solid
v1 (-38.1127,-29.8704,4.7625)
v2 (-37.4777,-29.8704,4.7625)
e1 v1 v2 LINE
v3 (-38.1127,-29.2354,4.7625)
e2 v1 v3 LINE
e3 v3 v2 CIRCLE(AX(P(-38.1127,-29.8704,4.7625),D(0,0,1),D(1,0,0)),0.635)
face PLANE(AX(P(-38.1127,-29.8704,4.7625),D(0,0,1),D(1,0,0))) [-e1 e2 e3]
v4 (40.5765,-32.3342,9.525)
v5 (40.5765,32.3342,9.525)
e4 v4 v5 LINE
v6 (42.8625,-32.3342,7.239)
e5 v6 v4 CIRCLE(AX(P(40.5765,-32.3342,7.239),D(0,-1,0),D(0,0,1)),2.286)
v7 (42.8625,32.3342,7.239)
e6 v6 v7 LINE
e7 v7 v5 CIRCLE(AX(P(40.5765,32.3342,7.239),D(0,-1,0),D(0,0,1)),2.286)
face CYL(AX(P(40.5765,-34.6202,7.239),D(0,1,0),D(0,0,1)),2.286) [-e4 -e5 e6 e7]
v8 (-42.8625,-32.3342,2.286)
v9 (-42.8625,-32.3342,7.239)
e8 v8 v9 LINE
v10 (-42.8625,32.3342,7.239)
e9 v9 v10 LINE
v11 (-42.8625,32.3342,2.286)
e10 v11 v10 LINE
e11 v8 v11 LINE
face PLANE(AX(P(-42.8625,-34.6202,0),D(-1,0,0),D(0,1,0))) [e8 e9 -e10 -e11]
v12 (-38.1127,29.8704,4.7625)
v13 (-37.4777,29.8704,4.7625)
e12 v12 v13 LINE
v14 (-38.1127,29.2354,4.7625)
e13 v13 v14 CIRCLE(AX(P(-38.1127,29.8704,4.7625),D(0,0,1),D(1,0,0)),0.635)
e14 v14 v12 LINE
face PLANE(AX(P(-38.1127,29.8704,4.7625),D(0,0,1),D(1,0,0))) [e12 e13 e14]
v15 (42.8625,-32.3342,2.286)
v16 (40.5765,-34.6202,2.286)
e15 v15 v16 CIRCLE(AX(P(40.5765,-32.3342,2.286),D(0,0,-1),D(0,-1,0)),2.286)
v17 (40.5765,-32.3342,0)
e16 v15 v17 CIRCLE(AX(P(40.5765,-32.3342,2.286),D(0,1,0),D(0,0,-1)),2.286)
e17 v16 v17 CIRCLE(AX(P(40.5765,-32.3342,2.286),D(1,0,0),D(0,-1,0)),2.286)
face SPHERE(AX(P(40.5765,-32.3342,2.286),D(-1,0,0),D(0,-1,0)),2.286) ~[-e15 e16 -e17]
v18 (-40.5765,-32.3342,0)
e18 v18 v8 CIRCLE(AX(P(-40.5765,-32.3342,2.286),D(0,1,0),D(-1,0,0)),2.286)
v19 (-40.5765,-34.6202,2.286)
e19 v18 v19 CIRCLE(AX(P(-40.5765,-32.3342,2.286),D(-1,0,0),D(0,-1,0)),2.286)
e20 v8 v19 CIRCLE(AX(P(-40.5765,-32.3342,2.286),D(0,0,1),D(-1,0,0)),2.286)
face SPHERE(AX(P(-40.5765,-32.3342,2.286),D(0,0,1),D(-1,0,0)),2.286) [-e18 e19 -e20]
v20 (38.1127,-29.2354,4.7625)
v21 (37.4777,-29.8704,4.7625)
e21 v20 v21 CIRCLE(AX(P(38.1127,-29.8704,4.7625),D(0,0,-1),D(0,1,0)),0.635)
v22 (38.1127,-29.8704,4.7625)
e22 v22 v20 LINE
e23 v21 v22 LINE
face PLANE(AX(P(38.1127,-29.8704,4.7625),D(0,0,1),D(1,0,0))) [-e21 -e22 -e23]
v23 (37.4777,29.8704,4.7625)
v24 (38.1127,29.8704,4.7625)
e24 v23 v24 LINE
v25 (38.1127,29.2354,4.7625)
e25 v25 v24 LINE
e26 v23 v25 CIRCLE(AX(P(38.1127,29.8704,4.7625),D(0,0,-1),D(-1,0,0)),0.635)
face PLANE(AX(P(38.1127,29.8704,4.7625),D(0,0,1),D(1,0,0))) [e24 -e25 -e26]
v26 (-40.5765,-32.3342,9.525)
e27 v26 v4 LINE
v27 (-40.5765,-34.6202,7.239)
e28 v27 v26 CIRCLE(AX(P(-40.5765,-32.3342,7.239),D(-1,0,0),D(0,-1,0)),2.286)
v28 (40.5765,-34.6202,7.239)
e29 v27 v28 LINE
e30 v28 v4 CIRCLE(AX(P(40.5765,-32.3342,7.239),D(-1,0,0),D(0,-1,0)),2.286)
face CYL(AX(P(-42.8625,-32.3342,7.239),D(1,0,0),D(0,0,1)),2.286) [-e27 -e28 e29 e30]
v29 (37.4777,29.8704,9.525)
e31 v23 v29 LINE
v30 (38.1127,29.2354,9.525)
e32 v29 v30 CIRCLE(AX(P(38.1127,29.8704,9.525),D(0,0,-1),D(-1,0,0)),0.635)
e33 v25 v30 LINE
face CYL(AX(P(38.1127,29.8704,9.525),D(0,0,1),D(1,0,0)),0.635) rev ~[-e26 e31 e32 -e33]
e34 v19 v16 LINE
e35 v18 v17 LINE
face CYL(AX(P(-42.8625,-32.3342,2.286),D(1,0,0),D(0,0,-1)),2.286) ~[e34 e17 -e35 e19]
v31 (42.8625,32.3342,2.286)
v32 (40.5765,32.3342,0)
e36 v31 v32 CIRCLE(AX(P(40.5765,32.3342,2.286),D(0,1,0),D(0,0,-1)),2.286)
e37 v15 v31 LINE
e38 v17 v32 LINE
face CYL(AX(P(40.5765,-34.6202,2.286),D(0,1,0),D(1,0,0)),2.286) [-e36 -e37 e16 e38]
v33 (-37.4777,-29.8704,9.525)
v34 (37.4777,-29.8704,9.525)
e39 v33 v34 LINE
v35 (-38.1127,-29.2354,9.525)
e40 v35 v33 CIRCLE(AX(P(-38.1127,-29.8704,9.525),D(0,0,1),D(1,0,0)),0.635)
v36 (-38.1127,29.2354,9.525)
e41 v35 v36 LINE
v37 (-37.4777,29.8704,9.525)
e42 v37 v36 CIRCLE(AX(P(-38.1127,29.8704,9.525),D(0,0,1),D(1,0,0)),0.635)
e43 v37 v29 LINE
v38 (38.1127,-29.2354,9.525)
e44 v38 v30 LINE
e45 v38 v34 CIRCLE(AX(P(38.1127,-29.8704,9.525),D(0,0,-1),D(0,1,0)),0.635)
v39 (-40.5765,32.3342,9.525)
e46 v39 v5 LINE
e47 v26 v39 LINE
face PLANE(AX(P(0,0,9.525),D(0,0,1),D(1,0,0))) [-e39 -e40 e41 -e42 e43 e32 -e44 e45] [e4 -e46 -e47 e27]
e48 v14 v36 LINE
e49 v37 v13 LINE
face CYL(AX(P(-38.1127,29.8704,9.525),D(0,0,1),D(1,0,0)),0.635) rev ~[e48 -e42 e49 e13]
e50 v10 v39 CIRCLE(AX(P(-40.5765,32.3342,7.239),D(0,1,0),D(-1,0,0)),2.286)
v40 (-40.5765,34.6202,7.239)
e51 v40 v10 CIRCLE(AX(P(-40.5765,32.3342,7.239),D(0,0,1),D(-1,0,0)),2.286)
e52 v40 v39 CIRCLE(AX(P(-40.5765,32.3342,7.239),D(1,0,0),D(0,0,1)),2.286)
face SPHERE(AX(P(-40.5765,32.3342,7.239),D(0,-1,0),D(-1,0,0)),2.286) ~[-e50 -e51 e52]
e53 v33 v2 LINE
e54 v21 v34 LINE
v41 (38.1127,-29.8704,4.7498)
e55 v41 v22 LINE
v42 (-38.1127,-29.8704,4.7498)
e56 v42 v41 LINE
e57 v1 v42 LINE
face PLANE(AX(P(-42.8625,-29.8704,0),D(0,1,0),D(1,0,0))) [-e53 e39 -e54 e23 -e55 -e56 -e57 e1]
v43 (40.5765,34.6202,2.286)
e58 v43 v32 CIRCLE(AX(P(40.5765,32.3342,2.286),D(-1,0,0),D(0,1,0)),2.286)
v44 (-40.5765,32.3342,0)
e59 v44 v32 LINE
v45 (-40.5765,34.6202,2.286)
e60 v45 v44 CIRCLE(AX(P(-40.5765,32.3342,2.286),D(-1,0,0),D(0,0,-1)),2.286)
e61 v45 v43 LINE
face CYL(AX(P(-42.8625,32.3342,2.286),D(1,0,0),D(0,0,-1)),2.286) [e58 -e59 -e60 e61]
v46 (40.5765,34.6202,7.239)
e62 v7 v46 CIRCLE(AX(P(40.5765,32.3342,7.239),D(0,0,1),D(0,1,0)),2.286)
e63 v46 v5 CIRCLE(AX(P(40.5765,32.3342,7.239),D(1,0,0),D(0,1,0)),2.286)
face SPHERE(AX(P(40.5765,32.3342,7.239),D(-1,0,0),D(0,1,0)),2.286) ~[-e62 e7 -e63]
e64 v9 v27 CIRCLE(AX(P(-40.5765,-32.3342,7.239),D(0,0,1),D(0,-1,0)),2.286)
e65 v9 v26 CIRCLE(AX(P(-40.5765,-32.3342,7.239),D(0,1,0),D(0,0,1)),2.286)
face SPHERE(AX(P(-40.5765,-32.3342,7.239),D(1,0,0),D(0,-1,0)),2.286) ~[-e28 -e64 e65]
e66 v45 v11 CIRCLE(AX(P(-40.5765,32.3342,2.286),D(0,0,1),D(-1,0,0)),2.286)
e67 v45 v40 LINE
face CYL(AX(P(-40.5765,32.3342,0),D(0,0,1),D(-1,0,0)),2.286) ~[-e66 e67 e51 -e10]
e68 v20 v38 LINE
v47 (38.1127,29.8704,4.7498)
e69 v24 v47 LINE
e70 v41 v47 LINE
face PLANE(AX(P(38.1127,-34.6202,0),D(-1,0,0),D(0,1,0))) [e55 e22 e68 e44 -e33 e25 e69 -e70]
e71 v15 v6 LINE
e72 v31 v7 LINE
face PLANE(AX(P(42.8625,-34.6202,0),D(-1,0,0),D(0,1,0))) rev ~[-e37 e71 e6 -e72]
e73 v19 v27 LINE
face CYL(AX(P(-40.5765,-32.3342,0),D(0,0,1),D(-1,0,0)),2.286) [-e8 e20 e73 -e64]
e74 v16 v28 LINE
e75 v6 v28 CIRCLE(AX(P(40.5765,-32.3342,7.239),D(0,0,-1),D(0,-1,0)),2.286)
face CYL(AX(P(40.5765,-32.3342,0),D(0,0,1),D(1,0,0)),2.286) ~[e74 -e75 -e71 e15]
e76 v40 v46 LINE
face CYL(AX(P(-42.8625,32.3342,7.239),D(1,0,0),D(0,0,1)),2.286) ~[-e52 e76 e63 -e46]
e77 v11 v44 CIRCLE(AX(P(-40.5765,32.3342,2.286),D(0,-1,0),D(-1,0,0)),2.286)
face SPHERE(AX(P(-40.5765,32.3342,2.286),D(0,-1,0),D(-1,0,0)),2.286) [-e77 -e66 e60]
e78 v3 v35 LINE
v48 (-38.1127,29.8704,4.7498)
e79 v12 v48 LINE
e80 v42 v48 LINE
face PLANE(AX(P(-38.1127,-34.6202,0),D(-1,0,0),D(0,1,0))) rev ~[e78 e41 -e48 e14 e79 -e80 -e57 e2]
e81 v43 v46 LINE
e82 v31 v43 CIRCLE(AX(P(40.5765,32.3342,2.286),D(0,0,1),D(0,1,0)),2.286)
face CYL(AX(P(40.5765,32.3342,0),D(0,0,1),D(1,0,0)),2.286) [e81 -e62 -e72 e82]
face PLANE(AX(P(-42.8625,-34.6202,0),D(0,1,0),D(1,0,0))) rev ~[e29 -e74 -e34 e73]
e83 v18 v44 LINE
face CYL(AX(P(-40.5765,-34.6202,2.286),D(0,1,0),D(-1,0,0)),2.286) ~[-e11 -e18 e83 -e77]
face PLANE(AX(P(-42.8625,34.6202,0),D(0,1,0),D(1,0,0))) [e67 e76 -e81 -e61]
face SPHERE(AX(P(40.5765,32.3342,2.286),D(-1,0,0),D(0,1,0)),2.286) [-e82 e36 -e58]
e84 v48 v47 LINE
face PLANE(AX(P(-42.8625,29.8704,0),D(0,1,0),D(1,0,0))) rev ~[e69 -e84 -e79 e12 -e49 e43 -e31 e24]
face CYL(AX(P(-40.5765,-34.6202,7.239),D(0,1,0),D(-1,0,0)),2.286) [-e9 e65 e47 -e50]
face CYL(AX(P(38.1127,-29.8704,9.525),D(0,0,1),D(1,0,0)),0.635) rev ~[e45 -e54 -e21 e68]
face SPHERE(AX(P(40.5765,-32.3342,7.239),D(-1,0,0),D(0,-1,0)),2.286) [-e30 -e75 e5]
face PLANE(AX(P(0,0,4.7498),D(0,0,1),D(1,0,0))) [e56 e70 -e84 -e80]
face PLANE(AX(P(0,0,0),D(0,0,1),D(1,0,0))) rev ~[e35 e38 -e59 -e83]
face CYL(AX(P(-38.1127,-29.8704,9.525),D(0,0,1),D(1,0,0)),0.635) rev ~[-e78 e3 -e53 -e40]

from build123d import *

# Parameters (mm, degrees)
F0_W     = 85.725
F0_H     = 69.2404
F1_DEPTH = 9.525
F2_T     = -4.7498
F3_R     = 0.635
F4_DEPTH = 4.7625
F5_R     = 2.286


with BuildPart() as f1:
    # F0 (on Top) → F1 (new body)
    with BuildSketch(Plane.XY):
        Rectangle(F0_W, F0_H)
    extrude(amount=F1_DEPTH)

    # F2
    f2_openings = [f1.faces().sort_by_distance(p)[0] for p in [
        (0, 0, 9.525),
    ]]
    offset(amount=F2_T, openings=f2_openings)

    # F3 (on face) → F4 (cut)
    with BuildSketch(Plane.XY.offset(9.525)):
        with Locations((-38.1127, 29.8704)):
            Circle(F3_R)
        with Locations((38.1127, 29.8704)):
            Circle(F3_R)
        with Locations((38.1127, -29.8704)):
            Circle(F3_R)
        with Locations((-38.1127, -29.8704)):
            Circle(F3_R)
    extrude(amount=-F4_DEPTH, mode=Mode.SUBTRACT)

    # F5
    f5_edges = [f1.edges().sort_by_distance(p)[0] for p in [
        (0, -34.6202, 9.525),
        (-42.8625, -34.6202, 4.7625),
        (-42.8625, 0, 0),
        (-42.8625, 0, 9.525),
        (0, -34.6202, 0),
        (42.8625, -34.6202, 4.7625),
        (-42.8625, 34.6202, 4.7625),
        (0, 34.6202, 9.525),
        (0, 34.6202, 0),
        (42.8625, 34.6202, 4.7625),
        (42.8625, 0, 9.525),
        (42.8625, 0, 0),
    ]]
    fillet(f5_edges, radius=F5_R)


solid = f1.part
